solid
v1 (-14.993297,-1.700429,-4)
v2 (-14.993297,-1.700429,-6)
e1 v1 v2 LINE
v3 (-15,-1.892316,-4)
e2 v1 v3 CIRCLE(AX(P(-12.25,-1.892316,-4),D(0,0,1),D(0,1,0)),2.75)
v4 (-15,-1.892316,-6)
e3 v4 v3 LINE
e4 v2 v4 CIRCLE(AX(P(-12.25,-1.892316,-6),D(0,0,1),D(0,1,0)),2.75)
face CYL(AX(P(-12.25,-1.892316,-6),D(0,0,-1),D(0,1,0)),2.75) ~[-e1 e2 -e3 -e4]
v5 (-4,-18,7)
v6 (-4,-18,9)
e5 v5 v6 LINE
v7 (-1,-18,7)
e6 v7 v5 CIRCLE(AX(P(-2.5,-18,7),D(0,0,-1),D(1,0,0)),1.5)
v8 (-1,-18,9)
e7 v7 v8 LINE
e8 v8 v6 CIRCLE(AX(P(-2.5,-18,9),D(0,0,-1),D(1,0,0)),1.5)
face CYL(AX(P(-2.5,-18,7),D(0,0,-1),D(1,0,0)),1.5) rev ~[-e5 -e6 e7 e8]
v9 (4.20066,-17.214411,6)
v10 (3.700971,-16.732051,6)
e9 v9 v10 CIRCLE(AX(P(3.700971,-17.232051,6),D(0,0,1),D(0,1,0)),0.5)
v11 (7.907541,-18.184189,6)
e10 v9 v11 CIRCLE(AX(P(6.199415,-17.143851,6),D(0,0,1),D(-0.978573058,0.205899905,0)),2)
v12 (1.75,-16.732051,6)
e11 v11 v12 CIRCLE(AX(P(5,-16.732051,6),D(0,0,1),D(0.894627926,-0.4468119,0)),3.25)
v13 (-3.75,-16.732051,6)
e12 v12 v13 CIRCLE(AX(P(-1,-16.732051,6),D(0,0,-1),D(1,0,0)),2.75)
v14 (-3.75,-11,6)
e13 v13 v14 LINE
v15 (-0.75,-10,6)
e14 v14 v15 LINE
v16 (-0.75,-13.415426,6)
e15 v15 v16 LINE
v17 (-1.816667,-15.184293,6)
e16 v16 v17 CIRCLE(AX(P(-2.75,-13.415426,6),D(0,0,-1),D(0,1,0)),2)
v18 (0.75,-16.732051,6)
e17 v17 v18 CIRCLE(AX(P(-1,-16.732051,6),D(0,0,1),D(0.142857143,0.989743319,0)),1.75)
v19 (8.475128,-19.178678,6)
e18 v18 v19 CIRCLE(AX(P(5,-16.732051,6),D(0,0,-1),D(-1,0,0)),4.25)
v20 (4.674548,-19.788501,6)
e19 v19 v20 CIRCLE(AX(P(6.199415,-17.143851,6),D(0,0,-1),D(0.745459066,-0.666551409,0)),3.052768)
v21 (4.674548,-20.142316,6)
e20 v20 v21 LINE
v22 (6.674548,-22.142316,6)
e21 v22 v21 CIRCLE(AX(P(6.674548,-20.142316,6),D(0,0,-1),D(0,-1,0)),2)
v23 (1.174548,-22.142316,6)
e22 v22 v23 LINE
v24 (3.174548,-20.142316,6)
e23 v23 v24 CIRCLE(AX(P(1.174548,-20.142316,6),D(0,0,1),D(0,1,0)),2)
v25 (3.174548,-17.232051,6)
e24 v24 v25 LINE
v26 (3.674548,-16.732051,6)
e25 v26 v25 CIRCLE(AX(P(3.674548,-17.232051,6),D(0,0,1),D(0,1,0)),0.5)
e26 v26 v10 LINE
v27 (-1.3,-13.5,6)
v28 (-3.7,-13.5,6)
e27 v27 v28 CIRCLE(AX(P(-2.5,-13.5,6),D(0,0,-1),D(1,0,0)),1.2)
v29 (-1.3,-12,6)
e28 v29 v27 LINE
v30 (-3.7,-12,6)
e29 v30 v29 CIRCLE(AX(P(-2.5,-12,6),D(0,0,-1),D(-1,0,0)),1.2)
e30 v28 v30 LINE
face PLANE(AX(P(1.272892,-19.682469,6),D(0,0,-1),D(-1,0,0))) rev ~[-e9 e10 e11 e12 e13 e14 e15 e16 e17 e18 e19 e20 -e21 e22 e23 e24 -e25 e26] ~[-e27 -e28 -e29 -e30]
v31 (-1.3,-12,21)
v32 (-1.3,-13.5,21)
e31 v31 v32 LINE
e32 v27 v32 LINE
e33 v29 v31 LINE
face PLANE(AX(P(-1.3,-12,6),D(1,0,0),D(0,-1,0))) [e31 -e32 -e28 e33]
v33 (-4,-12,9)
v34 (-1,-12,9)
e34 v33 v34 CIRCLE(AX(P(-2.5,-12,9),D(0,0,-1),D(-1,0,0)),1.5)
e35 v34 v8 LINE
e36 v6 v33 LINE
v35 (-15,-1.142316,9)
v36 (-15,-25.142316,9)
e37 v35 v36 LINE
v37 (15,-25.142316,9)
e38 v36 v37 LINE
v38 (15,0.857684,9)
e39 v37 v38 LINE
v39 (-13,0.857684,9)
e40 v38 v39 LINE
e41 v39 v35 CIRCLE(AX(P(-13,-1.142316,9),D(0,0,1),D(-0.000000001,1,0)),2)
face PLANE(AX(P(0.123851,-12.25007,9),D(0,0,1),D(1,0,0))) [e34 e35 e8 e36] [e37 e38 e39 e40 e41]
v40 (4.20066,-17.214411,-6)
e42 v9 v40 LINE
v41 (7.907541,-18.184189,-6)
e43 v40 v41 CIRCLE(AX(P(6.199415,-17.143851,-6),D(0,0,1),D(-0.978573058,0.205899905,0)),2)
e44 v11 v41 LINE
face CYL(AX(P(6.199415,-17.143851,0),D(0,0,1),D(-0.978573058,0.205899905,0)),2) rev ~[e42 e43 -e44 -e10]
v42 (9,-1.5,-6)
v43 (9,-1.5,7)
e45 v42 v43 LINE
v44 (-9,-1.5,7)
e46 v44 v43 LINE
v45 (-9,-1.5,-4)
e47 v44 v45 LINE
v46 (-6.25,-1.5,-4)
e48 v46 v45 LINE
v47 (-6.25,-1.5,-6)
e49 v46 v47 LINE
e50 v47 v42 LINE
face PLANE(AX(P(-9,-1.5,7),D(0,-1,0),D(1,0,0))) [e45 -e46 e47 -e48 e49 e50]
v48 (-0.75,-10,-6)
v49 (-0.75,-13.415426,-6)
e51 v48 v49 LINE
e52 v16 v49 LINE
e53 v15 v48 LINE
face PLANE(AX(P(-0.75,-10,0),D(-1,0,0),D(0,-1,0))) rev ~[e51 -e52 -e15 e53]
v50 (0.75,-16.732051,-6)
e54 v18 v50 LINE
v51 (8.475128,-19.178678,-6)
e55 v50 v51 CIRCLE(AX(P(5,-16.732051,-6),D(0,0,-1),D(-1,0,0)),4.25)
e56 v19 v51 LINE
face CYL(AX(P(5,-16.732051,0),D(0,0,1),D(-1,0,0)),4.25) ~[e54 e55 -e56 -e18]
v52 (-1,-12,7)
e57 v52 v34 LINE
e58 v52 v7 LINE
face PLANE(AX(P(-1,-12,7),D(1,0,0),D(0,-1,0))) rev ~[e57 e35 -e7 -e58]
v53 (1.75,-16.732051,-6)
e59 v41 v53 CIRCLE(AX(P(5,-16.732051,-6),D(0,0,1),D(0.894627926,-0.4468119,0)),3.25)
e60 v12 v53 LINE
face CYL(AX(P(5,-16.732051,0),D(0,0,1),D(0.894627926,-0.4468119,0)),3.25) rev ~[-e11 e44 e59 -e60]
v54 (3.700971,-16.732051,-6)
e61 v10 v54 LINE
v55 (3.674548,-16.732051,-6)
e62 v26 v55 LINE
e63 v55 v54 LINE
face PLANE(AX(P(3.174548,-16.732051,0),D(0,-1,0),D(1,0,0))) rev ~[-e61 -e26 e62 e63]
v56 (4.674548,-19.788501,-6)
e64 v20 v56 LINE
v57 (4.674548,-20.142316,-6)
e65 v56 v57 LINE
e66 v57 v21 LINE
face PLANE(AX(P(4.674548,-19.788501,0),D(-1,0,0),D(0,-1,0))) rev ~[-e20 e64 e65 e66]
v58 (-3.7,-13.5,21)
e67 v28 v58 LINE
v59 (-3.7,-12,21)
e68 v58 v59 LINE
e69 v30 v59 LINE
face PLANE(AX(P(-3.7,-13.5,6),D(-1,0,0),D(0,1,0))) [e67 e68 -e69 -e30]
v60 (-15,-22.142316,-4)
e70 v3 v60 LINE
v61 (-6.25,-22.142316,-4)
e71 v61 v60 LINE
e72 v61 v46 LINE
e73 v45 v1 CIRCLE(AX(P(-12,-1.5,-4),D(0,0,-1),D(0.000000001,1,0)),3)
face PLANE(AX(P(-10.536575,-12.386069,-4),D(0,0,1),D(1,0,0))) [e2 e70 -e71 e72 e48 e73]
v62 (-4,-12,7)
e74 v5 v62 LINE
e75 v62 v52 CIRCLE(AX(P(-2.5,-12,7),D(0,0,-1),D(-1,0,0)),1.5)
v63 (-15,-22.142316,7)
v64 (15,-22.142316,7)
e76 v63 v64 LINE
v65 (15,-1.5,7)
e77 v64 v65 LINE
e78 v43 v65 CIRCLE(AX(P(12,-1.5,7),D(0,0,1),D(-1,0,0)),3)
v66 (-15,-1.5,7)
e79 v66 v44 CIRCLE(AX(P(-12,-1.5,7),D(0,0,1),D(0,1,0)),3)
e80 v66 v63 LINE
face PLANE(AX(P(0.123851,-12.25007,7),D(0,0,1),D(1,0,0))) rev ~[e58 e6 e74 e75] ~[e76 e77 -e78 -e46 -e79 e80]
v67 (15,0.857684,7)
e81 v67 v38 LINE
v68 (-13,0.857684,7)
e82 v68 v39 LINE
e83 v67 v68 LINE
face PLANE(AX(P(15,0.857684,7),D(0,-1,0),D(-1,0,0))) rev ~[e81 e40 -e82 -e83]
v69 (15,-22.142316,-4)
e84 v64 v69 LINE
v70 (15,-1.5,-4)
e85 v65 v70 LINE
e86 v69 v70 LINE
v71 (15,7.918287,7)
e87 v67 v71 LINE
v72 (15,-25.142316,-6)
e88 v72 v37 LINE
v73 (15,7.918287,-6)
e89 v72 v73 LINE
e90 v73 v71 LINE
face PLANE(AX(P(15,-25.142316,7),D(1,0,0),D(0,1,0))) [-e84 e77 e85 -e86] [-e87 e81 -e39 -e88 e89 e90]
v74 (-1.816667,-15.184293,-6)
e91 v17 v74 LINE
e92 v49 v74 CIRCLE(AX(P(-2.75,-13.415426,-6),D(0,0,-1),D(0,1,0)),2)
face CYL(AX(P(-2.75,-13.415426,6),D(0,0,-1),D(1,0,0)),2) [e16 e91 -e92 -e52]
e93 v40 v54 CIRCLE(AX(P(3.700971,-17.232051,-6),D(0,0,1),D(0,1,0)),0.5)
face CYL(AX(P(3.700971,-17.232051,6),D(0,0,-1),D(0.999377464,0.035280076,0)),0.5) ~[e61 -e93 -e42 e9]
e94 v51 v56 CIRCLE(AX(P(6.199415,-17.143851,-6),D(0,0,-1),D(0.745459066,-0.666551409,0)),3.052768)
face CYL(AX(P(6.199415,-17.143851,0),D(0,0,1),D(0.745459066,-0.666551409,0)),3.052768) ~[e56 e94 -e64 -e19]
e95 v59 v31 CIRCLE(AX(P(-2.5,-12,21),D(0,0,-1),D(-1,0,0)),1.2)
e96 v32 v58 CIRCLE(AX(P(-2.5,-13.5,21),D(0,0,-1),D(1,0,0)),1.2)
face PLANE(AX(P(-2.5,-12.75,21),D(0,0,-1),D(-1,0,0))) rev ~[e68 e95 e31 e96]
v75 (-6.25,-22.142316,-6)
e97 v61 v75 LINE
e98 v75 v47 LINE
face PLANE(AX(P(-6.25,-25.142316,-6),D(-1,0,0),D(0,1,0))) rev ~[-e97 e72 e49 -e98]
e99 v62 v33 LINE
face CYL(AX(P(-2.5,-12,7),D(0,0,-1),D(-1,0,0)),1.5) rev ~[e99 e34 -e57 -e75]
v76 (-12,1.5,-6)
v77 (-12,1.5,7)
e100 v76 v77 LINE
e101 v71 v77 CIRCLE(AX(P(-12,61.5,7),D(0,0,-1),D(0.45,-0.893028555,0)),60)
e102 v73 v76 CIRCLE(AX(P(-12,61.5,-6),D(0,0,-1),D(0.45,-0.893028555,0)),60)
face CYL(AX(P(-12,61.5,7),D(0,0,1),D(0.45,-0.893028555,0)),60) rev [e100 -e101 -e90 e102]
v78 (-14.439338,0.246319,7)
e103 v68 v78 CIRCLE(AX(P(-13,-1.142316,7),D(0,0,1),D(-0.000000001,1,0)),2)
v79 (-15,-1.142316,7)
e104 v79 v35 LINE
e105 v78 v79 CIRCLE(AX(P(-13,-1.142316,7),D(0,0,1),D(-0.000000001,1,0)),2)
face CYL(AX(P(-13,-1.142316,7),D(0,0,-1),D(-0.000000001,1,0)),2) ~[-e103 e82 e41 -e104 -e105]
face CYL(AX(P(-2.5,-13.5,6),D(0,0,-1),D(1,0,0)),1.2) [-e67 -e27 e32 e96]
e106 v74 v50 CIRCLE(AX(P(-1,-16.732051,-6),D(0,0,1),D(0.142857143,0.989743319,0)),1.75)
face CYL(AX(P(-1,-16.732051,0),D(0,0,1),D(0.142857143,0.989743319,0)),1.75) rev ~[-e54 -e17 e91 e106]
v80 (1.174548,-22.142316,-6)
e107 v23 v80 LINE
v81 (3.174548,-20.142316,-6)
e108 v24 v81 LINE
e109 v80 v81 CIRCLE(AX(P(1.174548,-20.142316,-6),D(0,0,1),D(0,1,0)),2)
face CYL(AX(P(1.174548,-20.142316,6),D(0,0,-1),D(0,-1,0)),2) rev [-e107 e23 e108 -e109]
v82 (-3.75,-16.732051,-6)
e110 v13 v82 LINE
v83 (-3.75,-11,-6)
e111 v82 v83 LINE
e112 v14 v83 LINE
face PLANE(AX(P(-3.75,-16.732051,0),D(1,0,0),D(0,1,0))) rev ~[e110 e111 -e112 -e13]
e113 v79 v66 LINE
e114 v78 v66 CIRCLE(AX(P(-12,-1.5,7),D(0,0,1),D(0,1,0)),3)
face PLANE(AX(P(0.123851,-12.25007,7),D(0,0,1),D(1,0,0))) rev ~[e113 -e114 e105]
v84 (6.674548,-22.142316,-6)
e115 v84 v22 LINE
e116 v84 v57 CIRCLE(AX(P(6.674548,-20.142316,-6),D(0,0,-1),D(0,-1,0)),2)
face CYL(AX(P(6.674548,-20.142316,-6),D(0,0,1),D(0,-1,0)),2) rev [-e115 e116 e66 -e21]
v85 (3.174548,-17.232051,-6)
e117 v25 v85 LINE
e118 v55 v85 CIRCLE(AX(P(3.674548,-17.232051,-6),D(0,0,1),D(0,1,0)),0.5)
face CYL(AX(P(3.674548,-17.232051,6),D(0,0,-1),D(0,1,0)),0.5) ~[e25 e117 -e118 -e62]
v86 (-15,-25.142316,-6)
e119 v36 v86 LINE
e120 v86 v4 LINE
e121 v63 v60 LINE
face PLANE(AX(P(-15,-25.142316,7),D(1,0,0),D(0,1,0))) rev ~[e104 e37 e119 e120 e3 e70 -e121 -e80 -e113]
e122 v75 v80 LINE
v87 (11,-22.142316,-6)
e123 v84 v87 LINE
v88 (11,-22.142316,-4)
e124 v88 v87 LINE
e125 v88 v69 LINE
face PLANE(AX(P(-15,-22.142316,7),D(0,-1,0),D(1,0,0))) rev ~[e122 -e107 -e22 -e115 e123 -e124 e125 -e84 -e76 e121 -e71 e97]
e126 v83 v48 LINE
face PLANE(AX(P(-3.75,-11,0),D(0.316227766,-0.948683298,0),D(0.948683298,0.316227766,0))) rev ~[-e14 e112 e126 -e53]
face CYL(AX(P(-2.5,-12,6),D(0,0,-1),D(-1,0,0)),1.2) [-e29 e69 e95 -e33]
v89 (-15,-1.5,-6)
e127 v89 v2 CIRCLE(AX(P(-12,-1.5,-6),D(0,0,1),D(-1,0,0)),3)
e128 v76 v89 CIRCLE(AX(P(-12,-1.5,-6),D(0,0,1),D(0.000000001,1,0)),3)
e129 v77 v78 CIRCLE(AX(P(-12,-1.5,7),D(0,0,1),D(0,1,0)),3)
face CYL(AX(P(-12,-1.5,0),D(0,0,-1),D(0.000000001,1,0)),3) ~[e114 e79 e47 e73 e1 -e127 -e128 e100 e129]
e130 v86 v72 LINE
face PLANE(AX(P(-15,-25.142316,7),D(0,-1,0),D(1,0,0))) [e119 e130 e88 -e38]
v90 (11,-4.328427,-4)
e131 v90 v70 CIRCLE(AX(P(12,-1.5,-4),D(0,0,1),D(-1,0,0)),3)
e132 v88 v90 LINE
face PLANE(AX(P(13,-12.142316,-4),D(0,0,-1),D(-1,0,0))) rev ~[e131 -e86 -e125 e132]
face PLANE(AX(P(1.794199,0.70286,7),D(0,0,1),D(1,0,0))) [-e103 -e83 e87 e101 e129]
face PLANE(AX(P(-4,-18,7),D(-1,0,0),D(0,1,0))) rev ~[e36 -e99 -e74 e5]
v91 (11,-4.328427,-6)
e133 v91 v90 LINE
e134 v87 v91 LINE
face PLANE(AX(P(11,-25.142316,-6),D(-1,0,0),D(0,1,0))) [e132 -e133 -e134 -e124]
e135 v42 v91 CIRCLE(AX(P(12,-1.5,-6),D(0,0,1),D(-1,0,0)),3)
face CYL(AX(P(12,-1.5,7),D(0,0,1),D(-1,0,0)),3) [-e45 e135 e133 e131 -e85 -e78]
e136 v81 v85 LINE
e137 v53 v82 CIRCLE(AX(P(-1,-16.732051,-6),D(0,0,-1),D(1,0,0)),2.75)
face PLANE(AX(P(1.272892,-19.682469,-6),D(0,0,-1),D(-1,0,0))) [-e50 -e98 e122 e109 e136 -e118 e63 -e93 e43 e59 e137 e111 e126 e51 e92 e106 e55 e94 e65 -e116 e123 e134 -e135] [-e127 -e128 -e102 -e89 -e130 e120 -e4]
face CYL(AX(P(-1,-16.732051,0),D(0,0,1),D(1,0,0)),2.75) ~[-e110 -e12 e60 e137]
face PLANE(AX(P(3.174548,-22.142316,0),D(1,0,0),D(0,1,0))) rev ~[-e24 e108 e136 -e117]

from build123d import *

# Parameters (mm, degrees)
RESSALTO_EXTRUS_O1_DEPTH   = 6
RESSALTO_EXTRUS_O1_2_DEPTH = 6
RESSALTO_EXTRUS_O2_START   = 1
RESSALTO_EXTRUS_O2_DEPTH   = 2
RESSALTO_EXTRUS_O4_START   = 1
ESBO_O3_W                  = 30
ESBO_O3_H                  = 3
RESSALTO_EXTRUS_O4_DEPTH   = 1
ESBO_O5_W                  = 4
ESBO_O5_H                  = 26
RESSALTO_EXTRUS_O6_DEPTH   = 2
RESSALTO_EXTRUS_O7_DEPTH   = 15
FILETE7_R                  = 2
FILETE8_R                  = 0.5
FILETE9_R                  = 2


with BuildPart() as part:
    # Esboço1 → Ressalto-extrusão1 (new, symmetric)
    with BuildSketch(Plane.XY):
        with BuildLine():
            Line((-9, -1.5), (9, -1.5))
            ThreePointArc((9, -1.5), (12, -4.5), (15, -1.5))
            Line((15, -1.5), (15, 1.5))
            Line((15, 1.5), (15, 7.918286702))
            ThreePointArc((15, 7.918286702), (1.876188275, 3.126620802), (-12, 1.5))
            ThreePointArc((-12, 1.5), (-14.121320344, 0.621320344), (-15, -1.5))
            ThreePointArc((-15, -1.5), (-12, -4.5), (-9, -1.5))
        make_face()
    extrude(amount=RESSALTO_EXTRUS_O1_DEPTH, both=True)



with BuildPart() as body_2:
    # Esboço1 → Ressalto-extrus_o1 2 (new, symmetric)
    with BuildSketch(Plane.XY):
        with BuildLine():
            Line((15, -25.142315596), (-15, -25.142315596))
            Line((-15, -25.142315596), (-15, -22.142315596))
            Line((-15, -22.142315596), (-3.5, -22.142315596))
            Line((-3.5, -22.142315596), (3.174548445, -22.142315596))
            Line((3.174548445, -22.142315596), (3.174548445, -16.732050808))
            Line((3.174548445, -16.732050808), (4.242268465, -16.732050808))
            ThreePointArc((4.242268465, -16.732050808), (5.462746803, -19.00323777), (7.90754076, -18.184189481))
            ThreePointArc((7.90754076, -18.184189481), (5.745986772, -13.568824016), (1.75, -16.732050808))
            ThreePointArc((1.75, -16.732050808), (-1, -19.482050808), (-3.75, -16.732050808))
            Line((-3.75, -16.732050808), (-3.75, -11))
            Line((-3.75, -11), (-0.75, -10))
            Line((-0.75, -10), (-0.75, -11))
            Line((-0.75, -11), (-0.75, -15))
            ThreePointArc((-0.75, -15), (-2.322875656, -17.877694731), (0.75, -16.732050808))
            ThreePointArc((0.75, -16.732050808), (6.283199983, -12.680397095), (8.475128378, -19.17867762))
            ThreePointArc((8.475128378, -19.17867762), (6.683061453, -20.158063602), (4.674548445, -19.788501348))
            Line((4.674548445, -19.788501348), (4.674548445, -22.142315596))
            Line((4.674548445, -22.142315596), (15, -22.142315596))
            Line((15, -22.142315596), (15, -25.142315596))
        make_face()
    extrude(amount=RESSALTO_EXTRUS_O1_2_DEPTH, both=True)


with BuildPart() as body_3:
    # Esboço2 → Ressalto-extrusão2 (new body)
    with BuildSketch(Plane.XY.offset(6).offset(RESSALTO_EXTRUS_O2_START)):
        with BuildLine():
            Line((-15, -25.142315596), (15, -25.142315596))
            Line((15, -25.142315596), (15, 0.857684404))
            Line((15, 0.857684404), (-13, 0.857684404))
            ThreePointArc((-13, 0.857684404), (-14.414213562, 0.271897966), (-15, -1.142315596))
            Line((-15, -1.142315596), (-15, -25.142315596))
        make_face()
        with BuildLine():
            Line((-1, -12), (-1, -18))
            ThreePointArc((-1, -18), (-2.5, -19.5), (-4, -18))
            Line((-4, -18), (-4, -12))
            ThreePointArc((-4, -12), (-2.5, -10.5), (-1, -12))
        make_face(mode=Mode.SUBTRACT)
    extrude(amount=RESSALTO_EXTRUS_O2_DEPTH)


with BuildPart() as part_1:
    add(part.part)

    add(body_2.part)  # Ressalto-extrusão4 merges body 2

    add(body_3.part)  # Ressalto-extrusão4 merges body 3
    # Esboço3 → Ressalto-extrusão4 (add)
    with BuildSketch(Plane.XY.offset(6).offset(RESSALTO_EXTRUS_O4_START)):
        with Locations((0, -23.642315596)):
            Rectangle(ESBO_O3_W, ESBO_O3_H)
        with BuildLine():
            Line((15, -1.5), (15, 7.918286702))
            ThreePointArc((15, 7.918286702), (1.876188275, 3.126620802), (-12, 1.5))
            ThreePointArc((-12, 1.5), (-14.121320344, -3.621320344), (-9, -1.5))
            Line((-9, -1.5), (9, -1.5))
            ThreePointArc((9, -1.5), (12, -4.5), (15, -1.5))
        make_face()
    extrude(amount=-RESSALTO_EXTRUS_O4_DEPTH)

    # Esboço5 → Ressalto-extrusão6 (add)
    with BuildSketch(Plane(origin=(0, 0, -6), x_dir=(-1, 0, 0), z_dir=(0, 0, -1))):
        with Locations((-13, -12.142315596)):
            Rectangle(ESBO_O5_W, ESBO_O5_H)
        with BuildLine():
            Line((6.25, -25.142315596), (6.25, 0.857684404))
            Line((6.25, 0.857684404), (12.25, 0.857684404))
            ThreePointArc((12.25, 0.857684404), (14.194543648, 0.052228052), (15, -1.892315596))
            Line((15, -1.892315596), (15, -25.142315596))
            Line((15, -25.142315596), (6.25, -25.142315596))
        make_face()
    extrude(amount=-RESSALTO_EXTRUS_O6_DEPTH)

    # Esboço4 → Ressalto-extrusão7 (add)
    with BuildSketch(Plane.XY.offset(6)):
        with BuildLine():
            Line((-1.3, -12), (-1.3, -13.5))
            ThreePointArc((-1.3, -13.5), (-2.5, -14.7), (-3.7, -13.5))
            Line((-3.7, -13.5), (-3.7, -12))
            ThreePointArc((-3.7, -12), (-2.5, -10.8), (-1.3, -12))
        make_face()
    extrude(amount=RESSALTO_EXTRUS_O7_DEPTH)

    # Filete7
    filete7_edges = [part_1.edges().sort_by_distance(p)[0] for p in [
        (4.674548445, -22.142315596, 0),
        (3.174548445, -22.142315596, 0),
    ]]
    fillet(filete7_edges, radius=FILETE7_R)

    # Filete8
    filete8_edges = [part_1.edges().sort_by_distance(p)[0] for p in [
        (4.242268465, -16.732050808, 0),
        (3.174548445, -16.732050808, 0),
    ]]
    fillet(filete8_edges, radius=FILETE8_R)

    # Filete9
    filete9_edges = [part_1.edges().sort_by_distance(p)[0] for p in [
        (-0.75, -15, 0),
    ]]
    fillet(filete9_edges, radius=FILETE9_R)


solid = part_1.part
